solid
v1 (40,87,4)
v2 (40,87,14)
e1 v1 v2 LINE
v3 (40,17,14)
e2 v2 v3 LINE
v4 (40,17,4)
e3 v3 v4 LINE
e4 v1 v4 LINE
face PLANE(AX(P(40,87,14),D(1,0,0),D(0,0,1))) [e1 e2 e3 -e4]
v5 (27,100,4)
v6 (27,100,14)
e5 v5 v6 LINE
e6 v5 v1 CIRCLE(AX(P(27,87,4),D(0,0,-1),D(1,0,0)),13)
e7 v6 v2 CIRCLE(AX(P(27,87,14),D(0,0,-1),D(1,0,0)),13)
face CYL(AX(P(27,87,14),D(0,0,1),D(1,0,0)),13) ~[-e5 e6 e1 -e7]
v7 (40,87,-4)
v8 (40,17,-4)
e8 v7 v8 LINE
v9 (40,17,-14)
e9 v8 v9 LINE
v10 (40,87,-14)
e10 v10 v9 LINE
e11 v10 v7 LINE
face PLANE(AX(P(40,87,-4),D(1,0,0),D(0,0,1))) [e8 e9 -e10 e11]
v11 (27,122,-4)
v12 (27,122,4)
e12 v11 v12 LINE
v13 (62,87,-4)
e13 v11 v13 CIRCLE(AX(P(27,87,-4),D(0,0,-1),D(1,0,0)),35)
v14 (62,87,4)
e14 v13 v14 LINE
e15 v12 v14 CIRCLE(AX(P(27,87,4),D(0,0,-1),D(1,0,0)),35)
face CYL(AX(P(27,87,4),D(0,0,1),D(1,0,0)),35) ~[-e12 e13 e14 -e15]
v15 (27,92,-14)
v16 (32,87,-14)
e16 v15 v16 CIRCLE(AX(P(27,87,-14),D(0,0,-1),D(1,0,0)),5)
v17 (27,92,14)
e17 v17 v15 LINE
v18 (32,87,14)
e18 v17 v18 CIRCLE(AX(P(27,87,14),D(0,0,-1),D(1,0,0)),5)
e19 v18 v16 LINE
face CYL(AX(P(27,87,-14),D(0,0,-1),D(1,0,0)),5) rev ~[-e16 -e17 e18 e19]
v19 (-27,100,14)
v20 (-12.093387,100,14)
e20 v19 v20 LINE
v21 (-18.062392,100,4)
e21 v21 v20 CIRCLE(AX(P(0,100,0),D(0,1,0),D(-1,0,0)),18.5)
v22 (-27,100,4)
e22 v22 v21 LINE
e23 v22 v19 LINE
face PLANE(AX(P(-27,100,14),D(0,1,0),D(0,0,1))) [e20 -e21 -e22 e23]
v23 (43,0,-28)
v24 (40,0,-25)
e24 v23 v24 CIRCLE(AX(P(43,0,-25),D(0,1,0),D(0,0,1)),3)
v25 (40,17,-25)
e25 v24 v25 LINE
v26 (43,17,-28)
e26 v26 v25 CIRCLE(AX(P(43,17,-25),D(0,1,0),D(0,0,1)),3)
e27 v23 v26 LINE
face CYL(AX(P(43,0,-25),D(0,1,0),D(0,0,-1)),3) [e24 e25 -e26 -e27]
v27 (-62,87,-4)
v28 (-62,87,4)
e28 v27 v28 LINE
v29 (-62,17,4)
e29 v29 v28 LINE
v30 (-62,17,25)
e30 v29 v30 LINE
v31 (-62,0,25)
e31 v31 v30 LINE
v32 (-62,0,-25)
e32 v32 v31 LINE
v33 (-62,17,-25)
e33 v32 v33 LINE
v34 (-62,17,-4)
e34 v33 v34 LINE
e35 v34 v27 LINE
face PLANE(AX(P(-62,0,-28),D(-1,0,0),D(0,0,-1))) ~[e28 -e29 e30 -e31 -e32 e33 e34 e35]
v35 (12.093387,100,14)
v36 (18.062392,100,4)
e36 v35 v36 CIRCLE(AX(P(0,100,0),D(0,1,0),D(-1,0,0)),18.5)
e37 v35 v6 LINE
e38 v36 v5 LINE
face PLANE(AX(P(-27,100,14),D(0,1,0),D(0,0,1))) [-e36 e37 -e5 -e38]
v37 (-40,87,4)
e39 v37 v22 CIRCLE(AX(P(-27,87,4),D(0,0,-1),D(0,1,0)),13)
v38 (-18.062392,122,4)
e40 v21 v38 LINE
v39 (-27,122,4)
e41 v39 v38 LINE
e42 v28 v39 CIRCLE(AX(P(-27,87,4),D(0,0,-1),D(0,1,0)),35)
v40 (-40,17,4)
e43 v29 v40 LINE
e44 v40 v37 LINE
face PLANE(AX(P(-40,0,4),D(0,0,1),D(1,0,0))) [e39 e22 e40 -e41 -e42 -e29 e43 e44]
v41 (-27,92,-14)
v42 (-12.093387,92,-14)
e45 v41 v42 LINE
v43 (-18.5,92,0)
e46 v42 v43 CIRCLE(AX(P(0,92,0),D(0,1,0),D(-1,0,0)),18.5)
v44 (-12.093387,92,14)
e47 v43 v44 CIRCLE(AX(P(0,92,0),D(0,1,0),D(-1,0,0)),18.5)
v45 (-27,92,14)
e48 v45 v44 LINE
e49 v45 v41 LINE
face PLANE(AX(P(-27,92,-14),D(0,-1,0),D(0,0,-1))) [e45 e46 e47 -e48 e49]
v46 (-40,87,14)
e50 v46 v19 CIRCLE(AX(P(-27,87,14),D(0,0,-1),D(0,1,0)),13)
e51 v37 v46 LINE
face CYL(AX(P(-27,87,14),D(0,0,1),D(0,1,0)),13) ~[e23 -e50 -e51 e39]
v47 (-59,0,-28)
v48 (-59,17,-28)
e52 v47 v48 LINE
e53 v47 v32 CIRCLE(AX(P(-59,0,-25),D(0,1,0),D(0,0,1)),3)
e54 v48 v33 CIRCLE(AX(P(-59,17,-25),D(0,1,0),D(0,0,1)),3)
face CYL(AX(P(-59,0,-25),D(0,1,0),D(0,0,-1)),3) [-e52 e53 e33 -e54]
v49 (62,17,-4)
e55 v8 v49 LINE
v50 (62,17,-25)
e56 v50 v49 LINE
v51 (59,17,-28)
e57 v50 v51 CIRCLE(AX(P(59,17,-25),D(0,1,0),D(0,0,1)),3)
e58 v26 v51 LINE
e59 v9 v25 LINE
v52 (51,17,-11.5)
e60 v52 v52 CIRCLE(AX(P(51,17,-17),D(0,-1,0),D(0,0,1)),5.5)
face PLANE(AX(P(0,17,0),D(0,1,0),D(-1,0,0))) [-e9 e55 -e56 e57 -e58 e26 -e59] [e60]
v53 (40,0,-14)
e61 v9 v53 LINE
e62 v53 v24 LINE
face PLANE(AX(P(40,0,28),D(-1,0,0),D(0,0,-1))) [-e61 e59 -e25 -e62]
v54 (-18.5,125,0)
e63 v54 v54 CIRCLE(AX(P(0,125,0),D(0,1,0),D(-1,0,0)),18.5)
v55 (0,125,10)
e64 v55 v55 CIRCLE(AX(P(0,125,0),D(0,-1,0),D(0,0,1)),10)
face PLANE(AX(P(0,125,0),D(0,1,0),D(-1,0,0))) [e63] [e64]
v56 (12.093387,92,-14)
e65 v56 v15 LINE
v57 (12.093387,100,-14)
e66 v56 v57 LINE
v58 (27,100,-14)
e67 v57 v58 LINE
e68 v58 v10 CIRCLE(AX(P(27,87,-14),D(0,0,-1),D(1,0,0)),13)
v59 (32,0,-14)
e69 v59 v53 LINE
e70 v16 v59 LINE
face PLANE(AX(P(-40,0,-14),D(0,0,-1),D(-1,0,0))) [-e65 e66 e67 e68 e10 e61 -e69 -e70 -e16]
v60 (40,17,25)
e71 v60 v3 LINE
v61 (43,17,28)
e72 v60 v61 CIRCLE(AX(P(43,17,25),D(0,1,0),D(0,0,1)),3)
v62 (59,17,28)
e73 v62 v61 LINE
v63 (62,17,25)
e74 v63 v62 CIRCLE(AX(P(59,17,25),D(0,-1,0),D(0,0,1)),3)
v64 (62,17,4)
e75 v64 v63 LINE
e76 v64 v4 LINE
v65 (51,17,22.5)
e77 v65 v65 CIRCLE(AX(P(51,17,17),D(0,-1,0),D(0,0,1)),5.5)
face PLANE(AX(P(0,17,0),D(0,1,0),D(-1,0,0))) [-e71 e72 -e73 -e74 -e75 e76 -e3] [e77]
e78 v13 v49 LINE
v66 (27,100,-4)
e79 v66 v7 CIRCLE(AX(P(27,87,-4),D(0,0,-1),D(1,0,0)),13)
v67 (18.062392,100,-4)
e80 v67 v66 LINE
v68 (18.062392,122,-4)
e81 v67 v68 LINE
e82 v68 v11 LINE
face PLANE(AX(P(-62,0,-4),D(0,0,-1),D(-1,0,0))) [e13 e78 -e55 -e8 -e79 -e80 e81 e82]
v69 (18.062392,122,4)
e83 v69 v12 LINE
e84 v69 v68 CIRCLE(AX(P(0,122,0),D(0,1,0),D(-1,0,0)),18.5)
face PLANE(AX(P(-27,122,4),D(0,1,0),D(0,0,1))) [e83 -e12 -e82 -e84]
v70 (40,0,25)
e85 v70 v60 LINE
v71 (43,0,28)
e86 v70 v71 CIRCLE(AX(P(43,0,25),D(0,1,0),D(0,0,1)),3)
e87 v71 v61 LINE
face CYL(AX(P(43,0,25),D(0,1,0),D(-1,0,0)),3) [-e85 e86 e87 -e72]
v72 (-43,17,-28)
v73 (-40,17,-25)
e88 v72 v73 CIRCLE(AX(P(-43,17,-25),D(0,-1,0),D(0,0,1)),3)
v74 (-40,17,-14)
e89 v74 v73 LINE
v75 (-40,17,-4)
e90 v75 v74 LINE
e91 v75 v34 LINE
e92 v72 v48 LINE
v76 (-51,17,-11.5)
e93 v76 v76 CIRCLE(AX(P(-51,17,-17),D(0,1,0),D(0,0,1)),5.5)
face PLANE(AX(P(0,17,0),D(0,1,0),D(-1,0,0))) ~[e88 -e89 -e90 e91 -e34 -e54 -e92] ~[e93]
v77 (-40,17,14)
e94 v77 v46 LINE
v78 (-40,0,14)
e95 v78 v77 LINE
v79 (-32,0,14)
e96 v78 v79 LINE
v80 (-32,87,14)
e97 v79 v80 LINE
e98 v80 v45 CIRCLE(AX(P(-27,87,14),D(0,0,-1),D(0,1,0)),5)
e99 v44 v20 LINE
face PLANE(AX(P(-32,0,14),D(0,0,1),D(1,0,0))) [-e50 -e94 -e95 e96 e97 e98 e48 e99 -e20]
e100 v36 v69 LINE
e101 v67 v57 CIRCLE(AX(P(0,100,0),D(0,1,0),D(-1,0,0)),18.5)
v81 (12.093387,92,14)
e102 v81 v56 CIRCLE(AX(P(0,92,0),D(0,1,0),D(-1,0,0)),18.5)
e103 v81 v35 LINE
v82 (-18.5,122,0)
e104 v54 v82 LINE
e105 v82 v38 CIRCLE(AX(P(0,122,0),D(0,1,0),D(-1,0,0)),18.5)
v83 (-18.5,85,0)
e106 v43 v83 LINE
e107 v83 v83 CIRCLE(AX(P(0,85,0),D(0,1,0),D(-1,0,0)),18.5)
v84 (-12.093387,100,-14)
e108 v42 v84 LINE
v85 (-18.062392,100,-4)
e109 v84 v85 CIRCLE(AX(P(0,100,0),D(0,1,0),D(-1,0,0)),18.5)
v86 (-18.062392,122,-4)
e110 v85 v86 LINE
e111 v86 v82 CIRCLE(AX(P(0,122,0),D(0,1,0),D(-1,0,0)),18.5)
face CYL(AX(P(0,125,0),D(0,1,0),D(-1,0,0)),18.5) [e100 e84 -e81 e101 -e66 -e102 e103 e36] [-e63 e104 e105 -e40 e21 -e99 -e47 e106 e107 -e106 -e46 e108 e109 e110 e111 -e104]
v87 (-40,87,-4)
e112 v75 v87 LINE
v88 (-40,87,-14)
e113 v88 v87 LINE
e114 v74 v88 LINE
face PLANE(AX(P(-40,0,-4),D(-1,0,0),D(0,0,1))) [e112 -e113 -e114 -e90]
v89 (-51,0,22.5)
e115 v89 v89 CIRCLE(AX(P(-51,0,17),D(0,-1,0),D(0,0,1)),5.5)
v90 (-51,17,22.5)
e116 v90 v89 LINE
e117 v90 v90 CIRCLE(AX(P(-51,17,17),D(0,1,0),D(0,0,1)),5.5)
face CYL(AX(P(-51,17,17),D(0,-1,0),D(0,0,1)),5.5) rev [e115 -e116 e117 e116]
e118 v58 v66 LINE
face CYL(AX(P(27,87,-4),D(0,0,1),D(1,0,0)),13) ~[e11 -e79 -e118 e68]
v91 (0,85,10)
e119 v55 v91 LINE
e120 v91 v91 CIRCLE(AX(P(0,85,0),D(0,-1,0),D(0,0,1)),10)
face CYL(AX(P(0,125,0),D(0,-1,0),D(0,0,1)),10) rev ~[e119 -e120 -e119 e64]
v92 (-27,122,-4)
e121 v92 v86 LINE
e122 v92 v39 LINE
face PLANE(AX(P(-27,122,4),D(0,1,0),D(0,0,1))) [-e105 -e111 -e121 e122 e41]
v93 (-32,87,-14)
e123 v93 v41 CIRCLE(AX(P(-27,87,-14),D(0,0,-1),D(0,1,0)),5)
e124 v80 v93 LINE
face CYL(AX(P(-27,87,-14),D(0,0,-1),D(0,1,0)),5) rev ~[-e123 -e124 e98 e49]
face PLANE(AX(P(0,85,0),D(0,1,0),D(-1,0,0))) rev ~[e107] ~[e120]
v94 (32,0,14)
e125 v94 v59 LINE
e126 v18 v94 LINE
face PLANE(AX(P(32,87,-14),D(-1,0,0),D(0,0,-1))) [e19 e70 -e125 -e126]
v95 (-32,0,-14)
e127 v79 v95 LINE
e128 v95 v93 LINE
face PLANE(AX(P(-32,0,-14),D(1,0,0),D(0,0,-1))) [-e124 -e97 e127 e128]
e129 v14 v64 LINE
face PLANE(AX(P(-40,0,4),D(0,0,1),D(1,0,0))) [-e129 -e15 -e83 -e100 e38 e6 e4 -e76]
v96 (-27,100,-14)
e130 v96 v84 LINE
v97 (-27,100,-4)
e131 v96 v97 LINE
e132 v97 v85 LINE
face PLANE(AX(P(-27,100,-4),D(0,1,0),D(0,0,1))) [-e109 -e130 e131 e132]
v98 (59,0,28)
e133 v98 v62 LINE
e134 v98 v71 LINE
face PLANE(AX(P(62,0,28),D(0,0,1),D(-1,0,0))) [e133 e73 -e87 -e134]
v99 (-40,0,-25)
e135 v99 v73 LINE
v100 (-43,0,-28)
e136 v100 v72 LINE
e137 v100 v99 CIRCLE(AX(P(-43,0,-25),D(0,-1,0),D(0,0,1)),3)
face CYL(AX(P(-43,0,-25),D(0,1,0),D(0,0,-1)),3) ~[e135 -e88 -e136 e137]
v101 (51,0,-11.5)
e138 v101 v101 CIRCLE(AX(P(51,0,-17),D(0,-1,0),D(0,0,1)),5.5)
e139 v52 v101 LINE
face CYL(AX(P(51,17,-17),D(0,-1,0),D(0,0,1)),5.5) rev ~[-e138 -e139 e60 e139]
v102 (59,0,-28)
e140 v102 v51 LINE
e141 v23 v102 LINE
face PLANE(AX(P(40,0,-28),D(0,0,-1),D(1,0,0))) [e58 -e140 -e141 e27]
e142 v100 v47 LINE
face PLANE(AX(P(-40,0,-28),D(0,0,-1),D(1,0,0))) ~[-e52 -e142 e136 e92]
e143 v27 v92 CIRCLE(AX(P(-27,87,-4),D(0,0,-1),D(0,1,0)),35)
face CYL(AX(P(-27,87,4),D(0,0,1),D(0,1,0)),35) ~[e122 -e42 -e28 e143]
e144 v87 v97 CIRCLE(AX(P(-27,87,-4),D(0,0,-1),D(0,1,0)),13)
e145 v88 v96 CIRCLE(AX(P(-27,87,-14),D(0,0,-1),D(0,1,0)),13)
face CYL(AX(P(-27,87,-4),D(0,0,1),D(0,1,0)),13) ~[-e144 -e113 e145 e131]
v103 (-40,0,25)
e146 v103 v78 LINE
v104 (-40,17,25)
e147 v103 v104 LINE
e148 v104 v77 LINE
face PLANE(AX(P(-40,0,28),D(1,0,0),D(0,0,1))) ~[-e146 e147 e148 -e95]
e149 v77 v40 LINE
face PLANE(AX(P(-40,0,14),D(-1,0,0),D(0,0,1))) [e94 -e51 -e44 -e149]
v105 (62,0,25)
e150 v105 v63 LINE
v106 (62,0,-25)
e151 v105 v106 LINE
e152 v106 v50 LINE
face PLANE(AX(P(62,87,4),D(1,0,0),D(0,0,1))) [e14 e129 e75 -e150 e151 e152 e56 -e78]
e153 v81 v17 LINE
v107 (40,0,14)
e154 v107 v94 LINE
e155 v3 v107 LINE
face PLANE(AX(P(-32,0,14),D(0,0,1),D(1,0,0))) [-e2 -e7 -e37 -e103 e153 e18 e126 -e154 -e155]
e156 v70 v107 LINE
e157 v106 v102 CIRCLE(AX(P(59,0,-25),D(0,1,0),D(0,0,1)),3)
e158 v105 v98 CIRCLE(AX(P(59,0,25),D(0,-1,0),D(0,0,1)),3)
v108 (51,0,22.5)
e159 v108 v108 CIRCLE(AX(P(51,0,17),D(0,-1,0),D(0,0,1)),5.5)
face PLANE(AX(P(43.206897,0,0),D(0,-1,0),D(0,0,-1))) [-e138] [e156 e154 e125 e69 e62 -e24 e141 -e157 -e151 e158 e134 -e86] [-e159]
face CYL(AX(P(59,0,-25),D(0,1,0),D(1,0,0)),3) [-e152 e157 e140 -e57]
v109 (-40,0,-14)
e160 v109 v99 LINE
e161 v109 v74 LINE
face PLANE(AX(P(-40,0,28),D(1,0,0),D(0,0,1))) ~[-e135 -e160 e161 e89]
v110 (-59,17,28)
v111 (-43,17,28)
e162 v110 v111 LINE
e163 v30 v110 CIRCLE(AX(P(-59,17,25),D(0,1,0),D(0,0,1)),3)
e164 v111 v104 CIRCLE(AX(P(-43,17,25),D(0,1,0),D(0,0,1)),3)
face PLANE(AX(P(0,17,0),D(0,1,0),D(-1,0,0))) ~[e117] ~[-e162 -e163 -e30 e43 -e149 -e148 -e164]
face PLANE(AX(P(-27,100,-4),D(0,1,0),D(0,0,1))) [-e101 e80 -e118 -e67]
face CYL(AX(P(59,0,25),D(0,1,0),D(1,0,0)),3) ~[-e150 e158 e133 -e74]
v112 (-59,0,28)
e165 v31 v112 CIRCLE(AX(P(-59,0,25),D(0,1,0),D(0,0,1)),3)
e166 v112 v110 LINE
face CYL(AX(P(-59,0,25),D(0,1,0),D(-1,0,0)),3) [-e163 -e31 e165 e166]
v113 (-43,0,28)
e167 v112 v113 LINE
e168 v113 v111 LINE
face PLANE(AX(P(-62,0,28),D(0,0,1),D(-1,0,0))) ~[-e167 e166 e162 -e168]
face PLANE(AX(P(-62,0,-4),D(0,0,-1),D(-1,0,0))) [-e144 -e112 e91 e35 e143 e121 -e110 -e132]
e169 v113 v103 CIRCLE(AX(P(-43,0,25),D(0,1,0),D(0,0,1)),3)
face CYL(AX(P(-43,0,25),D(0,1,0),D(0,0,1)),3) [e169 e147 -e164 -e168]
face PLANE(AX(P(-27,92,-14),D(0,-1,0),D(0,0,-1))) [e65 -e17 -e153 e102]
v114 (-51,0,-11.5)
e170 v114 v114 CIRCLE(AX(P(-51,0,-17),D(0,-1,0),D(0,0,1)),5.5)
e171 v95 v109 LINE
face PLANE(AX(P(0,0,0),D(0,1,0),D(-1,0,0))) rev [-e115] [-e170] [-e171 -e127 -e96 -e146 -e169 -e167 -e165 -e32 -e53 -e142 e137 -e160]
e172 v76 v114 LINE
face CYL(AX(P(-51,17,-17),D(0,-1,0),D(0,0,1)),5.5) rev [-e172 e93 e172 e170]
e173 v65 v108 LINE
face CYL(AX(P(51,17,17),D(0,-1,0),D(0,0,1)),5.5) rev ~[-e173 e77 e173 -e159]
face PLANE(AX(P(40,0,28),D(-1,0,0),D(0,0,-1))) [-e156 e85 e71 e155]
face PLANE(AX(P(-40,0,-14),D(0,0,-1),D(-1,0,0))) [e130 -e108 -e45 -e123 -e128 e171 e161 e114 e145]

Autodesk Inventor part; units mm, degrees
ref_plane "YZ Plane" through (0, 0, 0) normal (1, 0, 0) x (0, 1, 0)
ref_plane "XY Plane" through (0, 0, 0) normal (0, 0, 1) x (1, 0, 0)
sketch "Sketch1" plane through (0, 0, 0) normal (0, 0, 1) x (1, 0, 0)
  line L0 (-62, 0) -> (-62, 87)
  arc A0 (-27, 122) -> (-62, 87) centre (-27, 87) ccw
  line L1 (-27, 122) -> (27, 122)
  arc A1 (62, 87) -> (27, 122) centre (27, 87) ccw
  line L2 (62, 87) -> (62, 0)
  point P0 (0, 0)
  point P1 (0, 122)
  point P2 (62, 43.5)
  dimension "d0" = 122
  dimension "d1" = 124
  dimension "d2" = 35
sketch "Sketch2" plane through (0, 0, 0) normal (0, 1, 0) x (-1, 0, 0)
  line L0 (62, 4) -> (62, -4)
  line L1 (62, -4) -> (40, -4)
  line L2 (40, -4) -> (40, -14)
  line L3 (40, -14) -> (32, -14)
  line L4 (32, -14) -> (32, 14)
  line L5 (32, 14) -> (40, 14)
  line L6 (40, 14) -> (40, 4)
  line L7 (40, 4) -> (62, 4)
  point P0 (0, 0)
  point P1 (62, 0)
  point P2 (32, 0)
  point P3 (62, 0)
  dimension "d4" = 30
  dimension "d5" = 28
  dimension "d6" = 8
  dimension "d7" = 8
sweep "Sweep1" add profiles "Sketch2" path "Sketch1"
sketch "Sketch3" plane through (0, 0, 0) normal (0, 1, 0) x (-1, 0, 0)
  line L0 (-40, -28) -> (-62, -28)
  line L1 (-62, -28) -> (-62, 28)
  line L2 (-62, 28) -> (-40, 28)
  line L3 (-40, 28) -> (-40, -28)
  line L4 (-62, -4) -> (-62, 4) projected
  point P0 (0, 0)
  point P1 (-62, 0)
  dimension "d10" = 22
  dimension "d11" = 56
extrude "Extrusion1" add sketch "Sketch3" along normal blind 17
fillet "Fillet1" radius 3 4 edges at (62, 8.5, 28) (40, 8.5, 28) (62, 8.5, -28) (40, 8.5, -28)
sketch "Sketch4" plane through (0, 17, 0) normal (0, 1, 0) x (1, 0, 0)
  line L0 (43, -28) -> (59, -28) projected
  line L1 (51, 17) -> (51, -17) construction
  point P0 (0, 0)
  point P1 (51, 0)
  point P2 (51, -28)
  dimension "d15" = 34
hole "Hole1" at (51, 17, -17) at (51, 17, 17) direction (0, -1, 0) diameter 11 end through all
mirror "Mirror1" about plane through (0, 0, 0) normal (1, 0, 0) of "Extrusion1", "Fillet1", "Hole1"
ref_plane "Work Plane1" through (0, 125, 0) normal (0, 1, 0) x (-1, 0, 0)
sketch "Sketch5" plane through (0, 125, 0) normal (0, 1, 0) x (-1, 0, 0)
  circle A0 centre (0, 0) radius 18.5
  dimension "d24" = 37
extrude "Extrusion2" add sketch "Sketch5" against normal blind 40
sketch "Sketch6" plane through (0, 125, 0) normal (0, 1, 0) x (1, 0, 0)
  circle A0 centre (0, 0) radius 18.5 projected
hole "Hole2" at (0, 125, 0) direction (0, -1, 0) diameter 20 end through all
properties part number "Part029. Shaft guide" material "Steel, Cast"
